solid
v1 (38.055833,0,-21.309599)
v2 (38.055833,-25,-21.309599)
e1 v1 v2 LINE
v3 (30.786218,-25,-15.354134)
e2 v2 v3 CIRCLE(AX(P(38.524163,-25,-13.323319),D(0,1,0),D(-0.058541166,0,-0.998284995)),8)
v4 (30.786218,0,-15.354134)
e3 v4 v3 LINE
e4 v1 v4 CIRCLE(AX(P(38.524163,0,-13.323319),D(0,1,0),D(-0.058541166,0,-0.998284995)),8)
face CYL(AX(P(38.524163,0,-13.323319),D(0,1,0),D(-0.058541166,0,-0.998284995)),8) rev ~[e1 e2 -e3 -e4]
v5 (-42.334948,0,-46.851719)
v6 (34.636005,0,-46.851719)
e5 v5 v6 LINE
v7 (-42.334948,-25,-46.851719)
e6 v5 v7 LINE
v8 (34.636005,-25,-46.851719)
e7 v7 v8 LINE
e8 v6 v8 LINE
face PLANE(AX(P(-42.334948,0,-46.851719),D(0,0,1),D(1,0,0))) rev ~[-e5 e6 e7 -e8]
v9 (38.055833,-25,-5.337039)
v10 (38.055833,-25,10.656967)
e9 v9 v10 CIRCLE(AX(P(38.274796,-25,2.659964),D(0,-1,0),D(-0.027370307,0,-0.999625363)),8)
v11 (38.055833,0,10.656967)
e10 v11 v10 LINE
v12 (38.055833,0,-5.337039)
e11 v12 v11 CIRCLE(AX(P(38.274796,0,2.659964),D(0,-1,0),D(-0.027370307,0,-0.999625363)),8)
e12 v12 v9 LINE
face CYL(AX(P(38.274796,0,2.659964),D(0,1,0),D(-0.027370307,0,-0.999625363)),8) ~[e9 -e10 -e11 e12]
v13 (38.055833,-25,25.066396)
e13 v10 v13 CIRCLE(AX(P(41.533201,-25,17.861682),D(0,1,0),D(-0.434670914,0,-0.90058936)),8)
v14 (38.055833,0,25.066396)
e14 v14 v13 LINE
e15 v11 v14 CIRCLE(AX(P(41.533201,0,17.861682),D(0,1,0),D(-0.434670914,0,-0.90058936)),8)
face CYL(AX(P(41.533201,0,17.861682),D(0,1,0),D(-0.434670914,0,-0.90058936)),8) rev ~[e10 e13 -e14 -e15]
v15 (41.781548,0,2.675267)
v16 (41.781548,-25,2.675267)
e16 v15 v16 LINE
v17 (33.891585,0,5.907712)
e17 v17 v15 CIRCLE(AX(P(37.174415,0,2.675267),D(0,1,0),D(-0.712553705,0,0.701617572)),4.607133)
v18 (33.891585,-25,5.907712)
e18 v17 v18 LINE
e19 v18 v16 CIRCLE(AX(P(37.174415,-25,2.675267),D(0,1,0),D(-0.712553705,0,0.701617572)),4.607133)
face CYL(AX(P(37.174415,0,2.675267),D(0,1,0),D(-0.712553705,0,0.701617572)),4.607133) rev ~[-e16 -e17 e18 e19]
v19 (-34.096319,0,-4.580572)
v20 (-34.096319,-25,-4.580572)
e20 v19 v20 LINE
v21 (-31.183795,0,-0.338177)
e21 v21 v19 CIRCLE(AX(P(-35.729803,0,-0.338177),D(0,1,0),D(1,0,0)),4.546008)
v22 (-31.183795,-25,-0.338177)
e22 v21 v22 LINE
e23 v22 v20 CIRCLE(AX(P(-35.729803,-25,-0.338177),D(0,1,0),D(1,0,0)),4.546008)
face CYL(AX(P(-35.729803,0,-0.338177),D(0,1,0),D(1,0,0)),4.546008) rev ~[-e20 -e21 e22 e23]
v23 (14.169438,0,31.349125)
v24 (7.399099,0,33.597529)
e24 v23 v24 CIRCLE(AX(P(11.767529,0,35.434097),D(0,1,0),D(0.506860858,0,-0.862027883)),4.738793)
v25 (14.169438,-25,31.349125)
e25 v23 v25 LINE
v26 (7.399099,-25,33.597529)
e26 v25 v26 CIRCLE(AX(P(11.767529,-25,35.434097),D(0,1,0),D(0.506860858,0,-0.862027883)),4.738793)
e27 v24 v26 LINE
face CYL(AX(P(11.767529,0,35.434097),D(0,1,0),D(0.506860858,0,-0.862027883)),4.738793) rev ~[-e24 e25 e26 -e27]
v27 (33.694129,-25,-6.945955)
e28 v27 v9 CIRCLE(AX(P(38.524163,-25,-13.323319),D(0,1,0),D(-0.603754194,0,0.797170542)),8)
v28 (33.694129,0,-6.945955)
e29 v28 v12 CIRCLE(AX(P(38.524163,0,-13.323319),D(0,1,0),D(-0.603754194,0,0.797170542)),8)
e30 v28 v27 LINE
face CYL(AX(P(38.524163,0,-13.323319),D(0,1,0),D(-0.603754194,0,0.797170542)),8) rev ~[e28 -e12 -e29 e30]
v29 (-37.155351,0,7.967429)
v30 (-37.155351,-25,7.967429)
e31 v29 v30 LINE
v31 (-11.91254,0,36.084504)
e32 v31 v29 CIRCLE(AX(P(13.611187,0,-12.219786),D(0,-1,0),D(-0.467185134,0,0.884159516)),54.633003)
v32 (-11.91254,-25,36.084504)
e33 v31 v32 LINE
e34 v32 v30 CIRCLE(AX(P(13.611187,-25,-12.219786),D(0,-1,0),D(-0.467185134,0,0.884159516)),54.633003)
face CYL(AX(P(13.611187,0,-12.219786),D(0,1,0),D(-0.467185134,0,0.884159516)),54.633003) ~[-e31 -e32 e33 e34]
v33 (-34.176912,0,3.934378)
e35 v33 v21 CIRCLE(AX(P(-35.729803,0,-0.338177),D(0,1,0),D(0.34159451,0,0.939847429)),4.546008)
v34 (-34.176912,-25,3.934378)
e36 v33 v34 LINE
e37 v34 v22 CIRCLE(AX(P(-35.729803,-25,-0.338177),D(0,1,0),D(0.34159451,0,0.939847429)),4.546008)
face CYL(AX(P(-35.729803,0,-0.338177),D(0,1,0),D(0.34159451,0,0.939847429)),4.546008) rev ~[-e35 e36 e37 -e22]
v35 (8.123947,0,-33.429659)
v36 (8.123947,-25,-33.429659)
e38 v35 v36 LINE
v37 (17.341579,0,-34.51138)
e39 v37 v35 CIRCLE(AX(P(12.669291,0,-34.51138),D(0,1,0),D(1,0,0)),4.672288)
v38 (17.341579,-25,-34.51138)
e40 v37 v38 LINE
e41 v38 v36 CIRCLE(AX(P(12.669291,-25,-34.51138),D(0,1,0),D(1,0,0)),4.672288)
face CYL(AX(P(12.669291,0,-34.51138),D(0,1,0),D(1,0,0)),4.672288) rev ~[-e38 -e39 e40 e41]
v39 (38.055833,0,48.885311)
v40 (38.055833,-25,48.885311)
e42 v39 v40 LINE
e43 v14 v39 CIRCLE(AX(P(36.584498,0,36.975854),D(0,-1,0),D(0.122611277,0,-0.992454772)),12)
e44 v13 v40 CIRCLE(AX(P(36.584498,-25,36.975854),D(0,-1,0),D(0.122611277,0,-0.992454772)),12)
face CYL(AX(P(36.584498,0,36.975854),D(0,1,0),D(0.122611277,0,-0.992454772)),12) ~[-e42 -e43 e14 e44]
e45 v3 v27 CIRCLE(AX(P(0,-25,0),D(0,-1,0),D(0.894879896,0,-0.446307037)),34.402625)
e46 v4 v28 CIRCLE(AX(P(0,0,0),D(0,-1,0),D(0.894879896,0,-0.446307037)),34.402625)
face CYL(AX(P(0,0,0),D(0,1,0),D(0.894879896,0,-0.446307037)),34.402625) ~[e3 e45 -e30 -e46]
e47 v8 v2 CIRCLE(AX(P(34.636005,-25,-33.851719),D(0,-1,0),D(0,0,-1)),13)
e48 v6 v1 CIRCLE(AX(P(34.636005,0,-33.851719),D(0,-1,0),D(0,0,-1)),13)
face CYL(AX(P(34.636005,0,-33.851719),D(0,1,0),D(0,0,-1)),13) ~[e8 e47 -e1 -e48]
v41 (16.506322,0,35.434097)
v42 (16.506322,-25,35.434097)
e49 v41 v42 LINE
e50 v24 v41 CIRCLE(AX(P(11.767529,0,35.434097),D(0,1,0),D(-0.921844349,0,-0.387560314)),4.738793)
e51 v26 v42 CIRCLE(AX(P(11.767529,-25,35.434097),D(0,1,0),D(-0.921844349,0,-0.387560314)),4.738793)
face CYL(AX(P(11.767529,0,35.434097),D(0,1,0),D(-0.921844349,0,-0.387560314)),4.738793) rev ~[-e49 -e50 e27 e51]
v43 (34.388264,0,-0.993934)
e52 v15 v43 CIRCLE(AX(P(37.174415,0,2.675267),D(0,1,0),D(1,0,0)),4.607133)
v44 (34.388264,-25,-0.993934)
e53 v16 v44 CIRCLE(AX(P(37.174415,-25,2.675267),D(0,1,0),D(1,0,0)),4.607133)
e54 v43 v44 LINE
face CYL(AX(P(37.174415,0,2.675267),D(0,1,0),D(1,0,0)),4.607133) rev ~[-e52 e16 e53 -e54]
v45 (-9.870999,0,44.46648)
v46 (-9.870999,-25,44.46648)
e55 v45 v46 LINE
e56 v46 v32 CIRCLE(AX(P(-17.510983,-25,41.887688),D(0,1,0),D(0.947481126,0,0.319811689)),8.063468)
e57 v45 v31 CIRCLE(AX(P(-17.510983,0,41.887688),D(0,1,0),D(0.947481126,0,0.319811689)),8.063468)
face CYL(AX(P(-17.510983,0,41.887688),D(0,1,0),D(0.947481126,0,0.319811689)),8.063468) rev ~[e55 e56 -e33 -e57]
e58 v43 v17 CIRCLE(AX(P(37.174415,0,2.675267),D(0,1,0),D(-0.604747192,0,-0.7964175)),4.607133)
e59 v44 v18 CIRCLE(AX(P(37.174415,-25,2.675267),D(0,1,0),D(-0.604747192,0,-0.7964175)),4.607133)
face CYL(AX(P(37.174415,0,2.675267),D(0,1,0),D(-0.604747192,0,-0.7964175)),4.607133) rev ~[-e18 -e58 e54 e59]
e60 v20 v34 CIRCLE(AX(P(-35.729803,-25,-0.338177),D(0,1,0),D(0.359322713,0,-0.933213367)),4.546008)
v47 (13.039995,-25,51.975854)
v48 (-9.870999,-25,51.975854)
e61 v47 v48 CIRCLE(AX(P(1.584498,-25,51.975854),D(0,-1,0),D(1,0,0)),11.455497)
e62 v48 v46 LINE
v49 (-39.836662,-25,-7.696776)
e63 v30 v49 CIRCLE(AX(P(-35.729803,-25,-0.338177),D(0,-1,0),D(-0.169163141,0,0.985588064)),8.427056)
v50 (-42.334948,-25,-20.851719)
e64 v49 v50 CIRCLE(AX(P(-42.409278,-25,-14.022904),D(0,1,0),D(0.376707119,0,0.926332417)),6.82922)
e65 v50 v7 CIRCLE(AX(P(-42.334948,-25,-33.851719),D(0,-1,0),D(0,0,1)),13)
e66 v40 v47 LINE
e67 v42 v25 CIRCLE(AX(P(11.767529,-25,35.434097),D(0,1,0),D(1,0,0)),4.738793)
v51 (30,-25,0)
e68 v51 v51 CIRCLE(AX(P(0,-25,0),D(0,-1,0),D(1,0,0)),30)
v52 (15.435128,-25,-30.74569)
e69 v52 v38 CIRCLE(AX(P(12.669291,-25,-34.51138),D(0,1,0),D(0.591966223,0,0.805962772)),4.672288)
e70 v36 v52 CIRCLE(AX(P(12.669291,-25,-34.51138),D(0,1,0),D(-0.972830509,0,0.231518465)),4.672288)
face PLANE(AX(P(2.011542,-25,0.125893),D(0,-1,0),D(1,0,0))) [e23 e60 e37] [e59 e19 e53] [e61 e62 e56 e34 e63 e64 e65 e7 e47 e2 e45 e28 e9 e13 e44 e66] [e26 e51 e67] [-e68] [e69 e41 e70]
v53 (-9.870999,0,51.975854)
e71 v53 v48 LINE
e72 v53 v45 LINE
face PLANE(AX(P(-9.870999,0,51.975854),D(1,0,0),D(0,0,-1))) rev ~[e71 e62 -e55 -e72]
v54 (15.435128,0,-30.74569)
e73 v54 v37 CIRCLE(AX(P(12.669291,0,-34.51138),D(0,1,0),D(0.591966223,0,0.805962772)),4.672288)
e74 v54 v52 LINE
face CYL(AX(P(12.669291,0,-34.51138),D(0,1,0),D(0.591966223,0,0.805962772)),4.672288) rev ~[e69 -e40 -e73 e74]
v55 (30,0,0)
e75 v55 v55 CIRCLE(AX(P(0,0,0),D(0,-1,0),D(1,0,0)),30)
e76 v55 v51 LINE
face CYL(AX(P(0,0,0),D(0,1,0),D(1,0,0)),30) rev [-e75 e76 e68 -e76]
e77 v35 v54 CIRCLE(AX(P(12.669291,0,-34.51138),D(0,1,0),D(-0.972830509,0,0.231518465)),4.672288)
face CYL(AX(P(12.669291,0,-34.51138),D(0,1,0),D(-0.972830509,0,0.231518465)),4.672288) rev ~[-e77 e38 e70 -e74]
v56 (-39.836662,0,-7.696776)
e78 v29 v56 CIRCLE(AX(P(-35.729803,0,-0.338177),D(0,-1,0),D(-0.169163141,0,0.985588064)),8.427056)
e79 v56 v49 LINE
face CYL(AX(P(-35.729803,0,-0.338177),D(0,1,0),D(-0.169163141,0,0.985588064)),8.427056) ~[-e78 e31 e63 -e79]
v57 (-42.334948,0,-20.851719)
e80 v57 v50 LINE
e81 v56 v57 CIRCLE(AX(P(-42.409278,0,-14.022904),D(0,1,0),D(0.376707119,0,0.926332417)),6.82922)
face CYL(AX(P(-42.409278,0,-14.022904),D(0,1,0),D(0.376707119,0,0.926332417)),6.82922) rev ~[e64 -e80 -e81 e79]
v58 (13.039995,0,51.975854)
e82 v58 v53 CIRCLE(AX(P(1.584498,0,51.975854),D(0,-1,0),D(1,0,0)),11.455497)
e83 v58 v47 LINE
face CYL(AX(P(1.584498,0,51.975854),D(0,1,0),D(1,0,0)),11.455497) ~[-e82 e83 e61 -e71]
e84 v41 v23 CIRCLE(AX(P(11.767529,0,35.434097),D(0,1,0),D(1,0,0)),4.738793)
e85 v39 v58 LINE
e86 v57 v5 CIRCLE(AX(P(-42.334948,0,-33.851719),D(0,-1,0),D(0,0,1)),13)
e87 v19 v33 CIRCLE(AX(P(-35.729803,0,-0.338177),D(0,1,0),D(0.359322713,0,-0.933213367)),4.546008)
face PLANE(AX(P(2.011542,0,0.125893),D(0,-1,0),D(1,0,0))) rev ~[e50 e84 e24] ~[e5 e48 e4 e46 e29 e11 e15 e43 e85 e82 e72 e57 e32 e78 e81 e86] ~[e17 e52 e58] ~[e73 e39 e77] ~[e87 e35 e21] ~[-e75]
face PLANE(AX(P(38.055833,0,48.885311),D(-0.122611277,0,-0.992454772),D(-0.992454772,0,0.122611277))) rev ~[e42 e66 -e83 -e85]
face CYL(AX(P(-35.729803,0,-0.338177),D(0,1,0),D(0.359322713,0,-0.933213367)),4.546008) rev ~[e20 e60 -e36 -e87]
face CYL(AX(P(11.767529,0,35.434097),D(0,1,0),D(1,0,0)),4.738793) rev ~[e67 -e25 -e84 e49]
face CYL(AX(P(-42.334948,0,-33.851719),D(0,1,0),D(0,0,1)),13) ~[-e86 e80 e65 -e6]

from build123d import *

# Parameters (mm, degrees)
F0_R     = 30
F1_DEPTH = 25


with BuildPart() as f1:
    # F0 (on Front) → F1 (new body)
    with BuildSketch(Plane.XZ):
        with BuildLine():
            ThreePointArc((-9.8709988717, 44.4664797866), (-9.6765479631, 39.9795085396), (-11.9125396102, 36.0845035997))
            ThreePointArc((-11.9125396102, 36.0845035997), (-27.0421470159, 24.2777678435), (-37.1553505028, 7.9674292602))
            ThreePointArc((-37.1553505028, 7.9674292602), (-44.036048411, 1.0836405197), (-39.8366623459, -7.6967756324))
            ThreePointArc((-39.8366623459, -7.6967756324), (-35.6999774991, -15.297082174), (-42.3349477351, -20.8517190672))
            ThreePointArc((-42.3349477351, -20.8517190672), (-55.3349477351, -33.8517190672), (-42.3349477351, -46.8517190672))
            Line((-42.3349477351, -46.8517190672), (34.6360049196, -46.8517190672))
            ThreePointArc((34.6360049196, -46.8517190672), (47.5210264522, -35.5768915526), (38.0558333228, -21.3095990832))
            ThreePointArc((38.0558333228, -21.3095990832), (33.4543868939, -19.5118063183), (30.786217704, -15.3541337437))
            ThreePointArc((30.786217704, -15.3541337437), (24.3583291, -24.2942879499), (15.4351278274, -30.7456899823))
            ThreePointArc((15.4351278274, -30.7456899823), (16.8378076077, -32.4009903223), (17.3415790067, -34.5113798976))
            ThreePointArc((17.3415790067, -34.5113798976), (12.1247193284, -39.1518231188), (8.1239473631, -33.4296590287))
            ThreePointArc((8.1239473631, -33.4296590287), (-19.4089792265, -28.4047909501), (-34.0963191618, -4.5805723603))
            ThreePointArc((-34.0963191618, -4.5805723603), (-40.2756080675, -0.3812017982), (-34.1769117208, 3.9343778115))
            ThreePointArc((-34.1769117208, 3.9343778115), (-19.9809519782, 28.0053955797), (7.3990994056, 33.5975289496))
            ThreePointArc((7.3990994056, 33.5975289496), (10.830759038, 40.0793765069), (16.5063219502, 35.4340970516))
            ThreePointArc((16.5063219502, 35.4340970516), (15.8808188237, 33.0810127965), (14.1694376368, 31.3491253561))
            ThreePointArc((14.1694376368, 31.3491253561), (27.1897380489, 21.0774469129), (33.8915853443, 5.9077124496))
            ThreePointArc((33.8915853443, 5.9077124496), (38.9210173699, 6.9384879734), (41.7815475753, 2.6752671693))
            ThreePointArc((41.7815475753, 2.6752671693), (39.2225245159, -1.4515862058), (34.38826426, -0.9939339614))
            ThreePointArc((34.38826426, -0.9939339614), (34.1710361171, -3.985086476), (33.6941290984, -6.9459547822))
            ThreePointArc((33.6941290984, -6.9459547822), (35.7555321816, -5.8176755547), (38.0558333228, -5.3370391578))
            ThreePointArc((38.0558333228, -5.3370391578), (46.2747957775, 2.659963746), (38.0558333228, 10.6569666498))
            ThreePointArc((38.0558333228, 10.6569666498), (33.5332006387, 17.8616815332), (38.0558333228, 25.0663964165))
            ThreePointArc((38.0558333228, 25.0663964165), (48.5844980046, 36.975853683), (38.0558333228, 48.8853109494))
            Line((38.0558333228, 48.8853109494), (13.0399948809, 51.975853683))
            ThreePointArc((13.0399948809, 51.975853683), (1.5844980046, 63.4313505593), (-9.8709988717, 51.975853683))
            Line((-9.8709988717, 51.975853683), (-9.8709988717, 44.4664797866))
        make_face()
        with BuildLine():
            ThreePointArc((15.4351278274, -30.7456899823), (24.3583291, -24.2942879499), (30.786217704, -15.3541337437))
            ThreePointArc((30.786217704, -15.3541337437), (30.9635483069, -10.7085321739), (33.6941290984, -6.9459547822))
            ThreePointArc((33.6941290984, -6.9459547822), (34.1710361171, -3.985086476), (34.38826426, -0.9939339614))
            ThreePointArc((34.38826426, -0.9939339614), (32.5791661443, 2.3445688104), (33.8915853443, 5.9077124496))
            ThreePointArc((33.8915853443, 5.9077124496), (27.1897380489, 21.0774469129), (14.1694376368, 31.3491253561))
            ThreePointArc((14.1694376368, 31.3491253561), (10.2739993221, 30.9368169475), (7.3990994056, 33.5975289496))
            ThreePointArc((7.3990994056, 33.5975289496), (-19.9809519782, 28.0053955797), (-34.1769117208, 3.9343778115))
            ThreePointArc((-34.1769117208, 3.9343778115), (-32.0065217205, 2.2701500151), (-31.1837948135, -0.3381765267))
            ThreePointArc((-31.1837948135, -0.3381765267), (-31.9820022181, -2.9111475958), (-34.0963191618, -4.5805723603))
            ThreePointArc((-34.0963191618, -4.5805723603), (-19.4089792265, -28.4047909501), (8.1239473631, -33.4296590287))
            ThreePointArc((8.1239473631, -33.4296590287), (11.0591409817, -30.1253010368), (15.4351278274, -30.7456899823))
        make_face()
        Circle(F0_R, mode=Mode.SUBTRACT)
        with BuildLine():
            ThreePointArc((33.6941290984, -6.9459547822), (30.9635483069, -10.7085321739), (30.786217704, -15.3541337437))
            ThreePointArc((30.786217704, -15.3541337437), (32.5131227245, -11.2444419264), (33.6941290984, -6.9459547822))
        make_face()
    extrude(amount=F1_DEPTH)


solid = f1.part
